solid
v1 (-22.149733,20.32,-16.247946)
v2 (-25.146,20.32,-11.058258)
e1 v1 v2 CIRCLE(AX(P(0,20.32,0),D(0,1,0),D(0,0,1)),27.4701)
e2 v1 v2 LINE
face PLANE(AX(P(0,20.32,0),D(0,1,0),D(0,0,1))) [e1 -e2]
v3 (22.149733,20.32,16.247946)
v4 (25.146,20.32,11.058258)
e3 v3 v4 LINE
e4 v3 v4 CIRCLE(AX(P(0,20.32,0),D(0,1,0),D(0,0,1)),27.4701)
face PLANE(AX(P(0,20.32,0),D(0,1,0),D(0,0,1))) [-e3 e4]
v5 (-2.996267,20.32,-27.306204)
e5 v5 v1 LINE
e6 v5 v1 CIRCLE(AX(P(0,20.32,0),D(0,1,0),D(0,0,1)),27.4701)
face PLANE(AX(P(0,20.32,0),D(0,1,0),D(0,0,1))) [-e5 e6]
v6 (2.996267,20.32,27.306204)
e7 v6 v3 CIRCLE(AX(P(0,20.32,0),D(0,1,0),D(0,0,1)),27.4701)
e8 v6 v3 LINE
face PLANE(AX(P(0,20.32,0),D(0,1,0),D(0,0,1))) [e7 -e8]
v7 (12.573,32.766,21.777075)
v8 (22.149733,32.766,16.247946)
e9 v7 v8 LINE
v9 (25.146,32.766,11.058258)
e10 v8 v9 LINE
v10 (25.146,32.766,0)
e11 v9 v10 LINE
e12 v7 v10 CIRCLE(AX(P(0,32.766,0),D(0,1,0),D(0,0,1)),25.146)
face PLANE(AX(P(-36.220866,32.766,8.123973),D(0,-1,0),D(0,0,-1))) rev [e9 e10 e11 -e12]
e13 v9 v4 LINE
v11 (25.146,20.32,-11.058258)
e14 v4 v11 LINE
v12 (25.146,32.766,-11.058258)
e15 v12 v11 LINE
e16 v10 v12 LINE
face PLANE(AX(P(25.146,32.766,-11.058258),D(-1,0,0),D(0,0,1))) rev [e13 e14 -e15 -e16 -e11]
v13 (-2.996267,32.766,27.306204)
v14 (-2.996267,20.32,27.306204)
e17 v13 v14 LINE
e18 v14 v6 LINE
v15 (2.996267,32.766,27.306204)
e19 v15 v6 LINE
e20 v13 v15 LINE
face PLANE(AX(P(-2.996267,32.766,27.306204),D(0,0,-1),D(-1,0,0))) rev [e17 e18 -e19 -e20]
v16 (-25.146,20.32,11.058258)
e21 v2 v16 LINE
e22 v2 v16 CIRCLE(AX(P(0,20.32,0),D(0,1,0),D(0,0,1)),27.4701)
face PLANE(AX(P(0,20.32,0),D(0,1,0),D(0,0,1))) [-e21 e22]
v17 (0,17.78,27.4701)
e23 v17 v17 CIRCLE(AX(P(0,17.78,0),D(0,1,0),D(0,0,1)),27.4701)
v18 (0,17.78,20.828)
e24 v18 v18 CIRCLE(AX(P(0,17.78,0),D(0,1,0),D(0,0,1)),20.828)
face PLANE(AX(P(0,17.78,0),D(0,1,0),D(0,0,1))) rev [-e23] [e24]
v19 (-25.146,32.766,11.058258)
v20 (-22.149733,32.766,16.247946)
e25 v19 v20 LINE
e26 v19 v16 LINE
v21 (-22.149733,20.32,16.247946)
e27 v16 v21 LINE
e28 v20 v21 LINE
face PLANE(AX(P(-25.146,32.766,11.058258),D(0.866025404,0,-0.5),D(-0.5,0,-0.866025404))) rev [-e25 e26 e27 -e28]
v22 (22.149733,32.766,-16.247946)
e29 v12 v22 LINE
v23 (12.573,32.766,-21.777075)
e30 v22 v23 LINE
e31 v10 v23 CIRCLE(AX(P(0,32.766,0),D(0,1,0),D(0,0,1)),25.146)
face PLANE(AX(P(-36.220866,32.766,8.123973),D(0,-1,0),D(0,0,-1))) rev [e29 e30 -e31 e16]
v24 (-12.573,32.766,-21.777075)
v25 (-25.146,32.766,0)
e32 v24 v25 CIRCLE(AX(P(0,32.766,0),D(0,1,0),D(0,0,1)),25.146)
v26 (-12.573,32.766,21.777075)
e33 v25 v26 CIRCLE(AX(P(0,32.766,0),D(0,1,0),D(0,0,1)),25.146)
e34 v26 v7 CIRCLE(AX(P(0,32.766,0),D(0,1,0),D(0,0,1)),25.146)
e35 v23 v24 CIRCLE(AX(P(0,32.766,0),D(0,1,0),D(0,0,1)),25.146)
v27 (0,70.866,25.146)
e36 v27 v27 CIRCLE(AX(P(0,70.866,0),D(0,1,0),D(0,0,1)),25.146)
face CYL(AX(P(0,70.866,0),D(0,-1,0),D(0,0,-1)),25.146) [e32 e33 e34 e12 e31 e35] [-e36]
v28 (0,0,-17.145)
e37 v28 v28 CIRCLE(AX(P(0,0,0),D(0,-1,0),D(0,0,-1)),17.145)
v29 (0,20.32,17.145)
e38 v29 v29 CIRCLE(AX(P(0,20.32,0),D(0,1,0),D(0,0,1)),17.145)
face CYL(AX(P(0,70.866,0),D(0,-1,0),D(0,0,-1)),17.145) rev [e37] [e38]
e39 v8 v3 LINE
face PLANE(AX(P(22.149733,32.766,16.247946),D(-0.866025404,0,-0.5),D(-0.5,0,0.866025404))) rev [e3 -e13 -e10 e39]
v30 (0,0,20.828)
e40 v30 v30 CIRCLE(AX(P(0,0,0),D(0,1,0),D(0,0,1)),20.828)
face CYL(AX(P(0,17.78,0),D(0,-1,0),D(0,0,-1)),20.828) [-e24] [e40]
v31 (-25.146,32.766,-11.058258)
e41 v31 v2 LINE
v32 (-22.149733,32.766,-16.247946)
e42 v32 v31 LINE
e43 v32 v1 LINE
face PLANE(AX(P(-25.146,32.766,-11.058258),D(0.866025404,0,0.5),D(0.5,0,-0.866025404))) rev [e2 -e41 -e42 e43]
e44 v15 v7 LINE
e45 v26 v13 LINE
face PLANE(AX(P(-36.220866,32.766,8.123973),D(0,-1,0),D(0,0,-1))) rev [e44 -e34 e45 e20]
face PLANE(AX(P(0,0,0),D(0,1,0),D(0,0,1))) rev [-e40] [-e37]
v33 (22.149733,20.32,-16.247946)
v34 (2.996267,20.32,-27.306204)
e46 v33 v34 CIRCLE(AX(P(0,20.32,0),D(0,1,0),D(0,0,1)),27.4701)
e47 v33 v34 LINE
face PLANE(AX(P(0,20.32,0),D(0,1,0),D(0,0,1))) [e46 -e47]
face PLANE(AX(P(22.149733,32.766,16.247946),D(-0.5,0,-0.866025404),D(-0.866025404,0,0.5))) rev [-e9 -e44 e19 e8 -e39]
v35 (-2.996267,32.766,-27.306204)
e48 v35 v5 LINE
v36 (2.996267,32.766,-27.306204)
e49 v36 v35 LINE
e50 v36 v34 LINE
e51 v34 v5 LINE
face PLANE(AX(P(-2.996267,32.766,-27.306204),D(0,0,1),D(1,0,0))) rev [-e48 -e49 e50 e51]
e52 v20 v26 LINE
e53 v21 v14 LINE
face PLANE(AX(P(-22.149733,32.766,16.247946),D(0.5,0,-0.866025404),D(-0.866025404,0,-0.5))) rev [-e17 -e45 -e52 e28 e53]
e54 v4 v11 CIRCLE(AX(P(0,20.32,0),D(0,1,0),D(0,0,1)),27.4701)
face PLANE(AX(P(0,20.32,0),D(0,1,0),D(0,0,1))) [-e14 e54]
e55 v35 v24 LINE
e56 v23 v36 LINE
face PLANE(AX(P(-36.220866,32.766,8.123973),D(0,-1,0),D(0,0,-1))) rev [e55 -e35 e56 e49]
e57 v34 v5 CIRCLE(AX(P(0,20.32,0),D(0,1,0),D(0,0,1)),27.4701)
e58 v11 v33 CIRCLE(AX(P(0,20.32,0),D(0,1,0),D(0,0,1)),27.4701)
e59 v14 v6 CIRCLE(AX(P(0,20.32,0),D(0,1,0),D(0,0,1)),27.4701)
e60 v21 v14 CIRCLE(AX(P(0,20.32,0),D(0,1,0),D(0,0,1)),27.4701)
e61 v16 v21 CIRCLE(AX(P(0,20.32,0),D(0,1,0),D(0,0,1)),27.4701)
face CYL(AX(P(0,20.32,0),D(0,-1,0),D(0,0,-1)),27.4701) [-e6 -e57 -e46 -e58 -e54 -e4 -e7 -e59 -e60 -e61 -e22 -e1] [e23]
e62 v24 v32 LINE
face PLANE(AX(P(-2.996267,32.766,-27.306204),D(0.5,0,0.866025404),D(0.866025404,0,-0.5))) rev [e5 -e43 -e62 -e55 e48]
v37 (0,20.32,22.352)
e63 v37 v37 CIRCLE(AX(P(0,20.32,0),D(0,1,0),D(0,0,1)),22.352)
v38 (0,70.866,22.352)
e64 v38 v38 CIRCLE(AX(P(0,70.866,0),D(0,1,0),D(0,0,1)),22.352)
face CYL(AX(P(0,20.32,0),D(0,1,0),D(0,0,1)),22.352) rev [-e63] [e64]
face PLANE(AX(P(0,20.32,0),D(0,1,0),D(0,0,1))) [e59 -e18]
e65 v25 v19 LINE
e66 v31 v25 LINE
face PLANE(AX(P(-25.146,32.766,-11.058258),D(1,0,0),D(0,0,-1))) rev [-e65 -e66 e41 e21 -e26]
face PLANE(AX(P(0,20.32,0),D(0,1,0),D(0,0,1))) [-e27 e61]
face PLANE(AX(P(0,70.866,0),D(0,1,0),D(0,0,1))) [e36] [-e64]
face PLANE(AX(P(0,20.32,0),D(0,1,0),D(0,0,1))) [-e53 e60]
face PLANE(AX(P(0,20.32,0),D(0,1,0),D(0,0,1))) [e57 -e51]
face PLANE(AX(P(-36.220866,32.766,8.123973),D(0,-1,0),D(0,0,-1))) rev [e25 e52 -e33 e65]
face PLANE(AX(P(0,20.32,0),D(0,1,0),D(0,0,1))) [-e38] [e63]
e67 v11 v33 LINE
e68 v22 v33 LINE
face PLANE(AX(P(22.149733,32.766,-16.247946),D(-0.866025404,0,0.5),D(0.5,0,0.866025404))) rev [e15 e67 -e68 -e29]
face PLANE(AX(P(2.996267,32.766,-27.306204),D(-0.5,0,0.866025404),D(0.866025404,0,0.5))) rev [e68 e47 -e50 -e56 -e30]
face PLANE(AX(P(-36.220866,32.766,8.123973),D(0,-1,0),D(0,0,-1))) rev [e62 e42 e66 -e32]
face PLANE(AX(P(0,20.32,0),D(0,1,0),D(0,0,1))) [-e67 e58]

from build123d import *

# Parameters (mm, degrees)
SKETCH2_R           = 20.828
BASE_EXTRUDE_DEPTH  = 17.78
SKETCH3_R           = 27.4701
BOSS_EXTRUDE1_DEPTH = 2.54
BOSS_EXTRUDE3_DEPTH = 12.446
SKETCH6_R           = 25.146
BOSS_EXTRUDE4_DEPTH = 38.1
SKETCH7_R           = 22.352
CUT_EXTRUDE1_DEPTH  = 50.546
SKETCH8_R           = 17.145
CUT_EXTRUDE2_DEPTH  = 71.866


with BuildPart() as part:
    # Sketch2 → Base-Extrude (new body)
    with BuildSketch(Plane(origin=(0, 0, 0), x_dir=(1, 0, 0), z_dir=(0, 1, 0))):
        Circle(SKETCH2_R)
    extrude(amount=BASE_EXTRUDE_DEPTH)

    # Sketch3 → Boss-Extrude1 (add)
    with BuildSketch(Plane(origin=(0, 17.78, 0), x_dir=(-1, 0, 0), z_dir=(0, 1, 0))):
        Circle(SKETCH3_R)
    extrude(amount=BOSS_EXTRUDE1_DEPTH)

    # Sketch5 → Boss-Extrude3 (add)
    with BuildSketch(Plane(origin=(0, 20.32, 0), x_dir=(-1, 0, 0), z_dir=(0, 1, 0))):
        Polygon((25.146, -11.058258362), (25.146, 11.058258362), (22.149732663, 16.247945622), (2.996267337, 27.306203985), (-2.996267337, 27.306203985), (-22.149732663, 16.247945622), (-25.146, 11.058258362), (-25.146, -11.058258362), (-22.149732663, -16.247945622), (-2.996267337, -27.306203985), (2.996267337, -27.306203985), (22.149732663, -16.247945622), align=None)
    extrude(amount=BOSS_EXTRUDE3_DEPTH)

    # Sketch6 → Boss-Extrude4 (add)
    with BuildSketch(Plane(origin=(0, 32.766, 0), x_dir=(-1, 0, 0), z_dir=(0, 1, 0))):
        Circle(SKETCH6_R)
    extrude(amount=BOSS_EXTRUDE4_DEPTH)

    # Sketch7 → Cut-Extrude1 (cut)
    with BuildSketch(Plane(origin=(0, 70.866, 0), x_dir=(-1, 0, 0), z_dir=(0, 1, 0))):
        Circle(SKETCH7_R)
    extrude(amount=-CUT_EXTRUDE1_DEPTH, mode=Mode.SUBTRACT)

    # Sketch8 → Cut-Extrude2 (cut, through all)
    with BuildSketch(Plane.XZ):
        Circle(SKETCH8_R)
    extrude(amount=-CUT_EXTRUDE2_DEPTH, mode=Mode.SUBTRACT)


solid = part.part
